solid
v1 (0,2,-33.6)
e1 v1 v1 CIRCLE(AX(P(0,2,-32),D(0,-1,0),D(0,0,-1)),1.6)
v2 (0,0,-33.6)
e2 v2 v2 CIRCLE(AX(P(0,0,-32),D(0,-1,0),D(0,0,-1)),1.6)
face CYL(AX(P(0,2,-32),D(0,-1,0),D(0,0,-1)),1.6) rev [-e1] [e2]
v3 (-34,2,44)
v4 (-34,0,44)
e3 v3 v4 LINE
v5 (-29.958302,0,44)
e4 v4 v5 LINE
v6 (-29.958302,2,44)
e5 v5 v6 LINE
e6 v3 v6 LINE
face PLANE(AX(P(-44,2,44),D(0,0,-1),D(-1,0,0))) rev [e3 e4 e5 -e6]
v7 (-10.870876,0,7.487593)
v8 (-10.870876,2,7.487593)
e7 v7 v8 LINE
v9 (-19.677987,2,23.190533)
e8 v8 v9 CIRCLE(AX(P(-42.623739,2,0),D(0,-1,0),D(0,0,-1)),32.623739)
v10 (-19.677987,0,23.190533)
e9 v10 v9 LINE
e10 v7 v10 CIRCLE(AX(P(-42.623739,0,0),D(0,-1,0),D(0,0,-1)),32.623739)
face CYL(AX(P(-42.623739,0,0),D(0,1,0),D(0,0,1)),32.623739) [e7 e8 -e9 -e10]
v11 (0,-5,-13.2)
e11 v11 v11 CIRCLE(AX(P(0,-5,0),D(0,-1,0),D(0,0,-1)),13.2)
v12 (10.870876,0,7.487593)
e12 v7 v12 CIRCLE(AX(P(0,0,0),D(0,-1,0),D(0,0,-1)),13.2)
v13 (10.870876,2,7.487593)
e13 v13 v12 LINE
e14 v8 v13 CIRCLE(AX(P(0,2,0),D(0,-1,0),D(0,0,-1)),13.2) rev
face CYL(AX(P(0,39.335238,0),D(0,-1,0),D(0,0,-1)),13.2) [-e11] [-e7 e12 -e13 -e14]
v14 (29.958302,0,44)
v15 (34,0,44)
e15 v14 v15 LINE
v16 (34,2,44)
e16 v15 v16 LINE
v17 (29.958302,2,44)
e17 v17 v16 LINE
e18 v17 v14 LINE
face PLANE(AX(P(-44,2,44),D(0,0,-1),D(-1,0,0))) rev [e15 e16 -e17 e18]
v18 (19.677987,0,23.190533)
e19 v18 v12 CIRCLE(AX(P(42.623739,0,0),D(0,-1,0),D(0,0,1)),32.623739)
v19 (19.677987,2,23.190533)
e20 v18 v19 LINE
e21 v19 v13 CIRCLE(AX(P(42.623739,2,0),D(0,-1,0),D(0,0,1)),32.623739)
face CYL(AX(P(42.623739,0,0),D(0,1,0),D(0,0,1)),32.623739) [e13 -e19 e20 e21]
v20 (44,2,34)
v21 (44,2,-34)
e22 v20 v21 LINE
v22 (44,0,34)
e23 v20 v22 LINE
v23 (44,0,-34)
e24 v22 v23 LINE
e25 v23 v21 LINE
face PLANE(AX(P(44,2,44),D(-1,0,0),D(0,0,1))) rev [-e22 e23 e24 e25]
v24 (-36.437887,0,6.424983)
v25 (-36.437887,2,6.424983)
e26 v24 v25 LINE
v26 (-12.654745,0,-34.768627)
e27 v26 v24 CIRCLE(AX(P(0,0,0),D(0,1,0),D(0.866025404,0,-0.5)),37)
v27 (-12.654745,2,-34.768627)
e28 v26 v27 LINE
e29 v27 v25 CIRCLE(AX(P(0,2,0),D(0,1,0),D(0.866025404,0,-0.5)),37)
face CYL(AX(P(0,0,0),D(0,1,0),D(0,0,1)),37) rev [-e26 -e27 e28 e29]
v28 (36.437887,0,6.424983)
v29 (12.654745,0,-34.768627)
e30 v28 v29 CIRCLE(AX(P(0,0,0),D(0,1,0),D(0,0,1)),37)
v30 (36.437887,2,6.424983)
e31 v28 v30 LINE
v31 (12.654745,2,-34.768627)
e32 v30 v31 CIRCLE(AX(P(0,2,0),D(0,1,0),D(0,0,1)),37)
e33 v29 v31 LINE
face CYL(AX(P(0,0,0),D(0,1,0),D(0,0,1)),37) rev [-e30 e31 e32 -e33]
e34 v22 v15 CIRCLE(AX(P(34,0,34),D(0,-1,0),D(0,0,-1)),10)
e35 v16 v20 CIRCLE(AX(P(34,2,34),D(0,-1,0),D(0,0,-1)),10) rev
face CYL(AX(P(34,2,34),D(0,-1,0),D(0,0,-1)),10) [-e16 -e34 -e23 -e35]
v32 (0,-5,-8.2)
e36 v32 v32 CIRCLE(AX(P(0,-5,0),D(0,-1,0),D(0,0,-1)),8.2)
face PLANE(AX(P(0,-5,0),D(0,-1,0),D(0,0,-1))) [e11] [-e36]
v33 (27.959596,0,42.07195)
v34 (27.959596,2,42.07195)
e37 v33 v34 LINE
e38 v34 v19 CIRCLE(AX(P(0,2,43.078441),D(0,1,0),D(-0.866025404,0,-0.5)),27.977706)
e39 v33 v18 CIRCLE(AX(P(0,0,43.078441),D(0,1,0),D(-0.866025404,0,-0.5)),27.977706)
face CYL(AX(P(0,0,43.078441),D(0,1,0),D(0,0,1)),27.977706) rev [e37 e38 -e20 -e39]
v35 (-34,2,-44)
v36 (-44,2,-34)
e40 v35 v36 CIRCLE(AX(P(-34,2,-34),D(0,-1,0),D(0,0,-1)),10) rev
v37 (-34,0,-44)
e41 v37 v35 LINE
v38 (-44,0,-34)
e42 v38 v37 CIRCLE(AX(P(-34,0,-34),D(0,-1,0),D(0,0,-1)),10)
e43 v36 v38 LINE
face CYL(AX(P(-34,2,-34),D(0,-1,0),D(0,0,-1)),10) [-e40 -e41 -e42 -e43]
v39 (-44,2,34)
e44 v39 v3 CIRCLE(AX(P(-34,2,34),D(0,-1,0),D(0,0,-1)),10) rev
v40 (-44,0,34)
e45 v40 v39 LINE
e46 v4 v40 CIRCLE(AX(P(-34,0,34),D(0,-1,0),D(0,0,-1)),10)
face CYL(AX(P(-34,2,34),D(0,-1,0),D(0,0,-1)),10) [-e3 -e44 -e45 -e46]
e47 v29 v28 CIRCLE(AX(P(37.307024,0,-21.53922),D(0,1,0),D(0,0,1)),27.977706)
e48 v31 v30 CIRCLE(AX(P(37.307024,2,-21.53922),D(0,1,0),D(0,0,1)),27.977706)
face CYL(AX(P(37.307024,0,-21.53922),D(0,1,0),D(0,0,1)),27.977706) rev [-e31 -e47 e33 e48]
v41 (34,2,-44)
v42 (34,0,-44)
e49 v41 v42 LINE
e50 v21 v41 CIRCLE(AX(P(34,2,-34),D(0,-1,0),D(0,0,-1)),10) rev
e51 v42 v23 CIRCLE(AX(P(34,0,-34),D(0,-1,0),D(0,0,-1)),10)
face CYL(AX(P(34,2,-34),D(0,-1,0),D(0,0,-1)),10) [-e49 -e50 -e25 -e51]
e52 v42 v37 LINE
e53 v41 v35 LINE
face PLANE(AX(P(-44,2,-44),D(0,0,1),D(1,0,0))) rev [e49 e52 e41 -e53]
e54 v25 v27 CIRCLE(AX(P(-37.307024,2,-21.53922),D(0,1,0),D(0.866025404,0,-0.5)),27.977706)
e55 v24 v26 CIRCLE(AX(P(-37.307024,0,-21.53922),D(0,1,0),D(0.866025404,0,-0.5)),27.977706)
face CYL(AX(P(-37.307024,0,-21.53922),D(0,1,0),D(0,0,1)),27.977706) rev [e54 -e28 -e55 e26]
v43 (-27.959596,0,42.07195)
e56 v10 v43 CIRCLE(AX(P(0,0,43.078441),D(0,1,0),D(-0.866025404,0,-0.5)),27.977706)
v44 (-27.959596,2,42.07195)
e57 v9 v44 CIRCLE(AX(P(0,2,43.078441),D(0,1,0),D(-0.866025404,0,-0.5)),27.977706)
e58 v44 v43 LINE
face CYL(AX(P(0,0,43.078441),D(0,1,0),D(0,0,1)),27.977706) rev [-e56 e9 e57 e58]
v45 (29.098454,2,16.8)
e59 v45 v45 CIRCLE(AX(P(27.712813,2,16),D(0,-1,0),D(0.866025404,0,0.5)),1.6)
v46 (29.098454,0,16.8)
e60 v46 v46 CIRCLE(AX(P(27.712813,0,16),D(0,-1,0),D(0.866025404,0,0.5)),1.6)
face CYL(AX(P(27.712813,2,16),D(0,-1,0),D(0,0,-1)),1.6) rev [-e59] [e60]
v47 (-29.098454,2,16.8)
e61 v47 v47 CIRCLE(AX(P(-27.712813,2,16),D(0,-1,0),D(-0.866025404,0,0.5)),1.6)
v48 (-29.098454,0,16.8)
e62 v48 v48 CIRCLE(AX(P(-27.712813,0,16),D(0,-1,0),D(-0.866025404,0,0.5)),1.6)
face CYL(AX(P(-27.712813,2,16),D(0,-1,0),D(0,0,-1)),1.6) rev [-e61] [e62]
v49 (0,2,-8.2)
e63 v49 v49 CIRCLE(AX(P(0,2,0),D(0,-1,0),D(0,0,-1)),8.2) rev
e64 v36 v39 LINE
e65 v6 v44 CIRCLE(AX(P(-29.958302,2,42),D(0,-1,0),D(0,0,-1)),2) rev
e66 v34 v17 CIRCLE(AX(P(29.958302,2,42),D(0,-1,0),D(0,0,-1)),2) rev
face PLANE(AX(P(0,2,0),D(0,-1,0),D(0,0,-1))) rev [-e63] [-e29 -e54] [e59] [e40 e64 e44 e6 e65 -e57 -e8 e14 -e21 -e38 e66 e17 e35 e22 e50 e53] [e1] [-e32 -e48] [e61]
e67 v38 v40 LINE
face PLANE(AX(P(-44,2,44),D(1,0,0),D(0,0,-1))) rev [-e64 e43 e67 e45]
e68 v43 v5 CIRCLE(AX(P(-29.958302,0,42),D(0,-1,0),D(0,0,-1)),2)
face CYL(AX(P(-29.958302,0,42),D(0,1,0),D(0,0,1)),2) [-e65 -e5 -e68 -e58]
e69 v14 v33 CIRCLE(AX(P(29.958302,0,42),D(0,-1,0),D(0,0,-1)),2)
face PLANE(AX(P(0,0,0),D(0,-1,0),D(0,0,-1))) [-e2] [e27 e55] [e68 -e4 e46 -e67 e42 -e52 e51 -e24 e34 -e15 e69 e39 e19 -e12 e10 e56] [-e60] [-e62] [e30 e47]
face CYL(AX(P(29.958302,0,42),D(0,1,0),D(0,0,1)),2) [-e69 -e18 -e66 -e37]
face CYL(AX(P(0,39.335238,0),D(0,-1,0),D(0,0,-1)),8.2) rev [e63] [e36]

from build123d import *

# Parameters (mm, degrees)
SKETCH1_W                = 88
SKETCH1_H                = 88
BOSS_EXTRUDE1_DEPTH      = 2
FILLET1_R                = 10
SKETCH3_R                = 37
CUT_EXTRUDE2_DEPTH       = 3
SKETCH5_R                = 40.5
SKETCH5_R_2              = 10
BOSS_EXTRUDE2_DEPTH      = 2
CUT_EXTRUDE3_DEPTH       = 3
CIRPATTERN1_COUNT        = 3
SKETCH17_R               = 27.977706125
CUT_EXTRUDE4_DEPTH       = 3
CUT_EXTRUDE5_DEPTH       = 3
FILLET2_R                = 2
SKETCH19_R               = 13.2
SKETCH19_R_2             = 8.2
BOSS_EXTRUDE3_DEPTH      = 5
BOSS_EXTRUDE3_DEPTH_BACK = 2
SKETCH20_R               = 1.6
CUT_EXTRUDE6_DEPTH       = 3
CIRPATTERN2_COUNT        = 3


with BuildPart() as part:
    # Sketch1 → Boss-Extrude1 (new body)
    with BuildSketch(Plane(origin=(0, 0, 0), x_dir=(1, 0, 0), z_dir=(0, 1, 0))):
        Rectangle(SKETCH1_W, SKETCH1_H)
    extrude(amount=BOSS_EXTRUDE1_DEPTH)

    # Fillet1
    fillet1_edges = [part.edges().sort_by_distance(p)[0] for p in [
        (44, 1, 44),
        (-44, 1, 44),
        (-44, 1, -44),
        (44, 1, -44),
    ]]
    fillet(fillet1_edges, radius=FILLET1_R)

    # Sketch3 → Cut-Extrude2 (cut, through all)
    with BuildSketch(Plane(origin=(0, 2, 0), x_dir=(1, 0, 0), z_dir=(0, 1, 0))):
        Circle(SKETCH3_R)
    extrude(amount=-CUT_EXTRUDE2_DEPTH, mode=Mode.SUBTRACT)

    # Sketch5 → Boss-Extrude2 (add)
    with BuildSketch(Plane(origin=(0, 0, 0), x_dir=(1, 0, 0), z_dir=(0, 1, 0))):
        Circle(SKETCH5_R)
        Circle(SKETCH5_R_2, mode=Mode.SUBTRACT)
    extrude(amount=BOSS_EXTRUDE2_DEPTH)

    # Sketch16 → Cut-Extrude3 (cut, through all)
    with BuildSketch(Plane(origin=(0, 2, 0), x_dir=(1, 0, 0), z_dir=(0, 1, 0))):
        with BuildLine():
            ThreePointArc((12.654745303, 34.768626969), (13.077619626, 7.550367211), (36.437886861, -6.424982574))
            ThreePointArc((36.437886861, -6.424982574), (32.04293994, 18.5), (12.654745303, 34.768626969))
        make_face()
    cut_extrude3 = extrude(amount=-CUT_EXTRUDE3_DEPTH, mode=Mode.SUBTRACT)

    # CirPattern1: Cut-Extrude3 ×3 about axis
    cirpattern1_axis = Axis((0, 0, 0), (0, 1, 0))
    for i in range(1, CIRPATTERN1_COUNT):
        add(cut_extrude3.rotate(cirpattern1_axis, i * 360 / CIRPATTERN1_COUNT), mode=Mode.SUBTRACT)

    # Sketch17 → Cut-Extrude4 (cut, through all)
    with BuildSketch(Plane(origin=(0, 2, 0), x_dir=(1, 0, 0), z_dir=(0, 1, 0))):
        with Locations((0, -43.078440548)):
            Circle(SKETCH17_R)
    extrude(amount=-CUT_EXTRUDE4_DEPTH, mode=Mode.SUBTRACT)

    # Sketch18 → Cut-Extrude5 (cut, through all)
    with BuildSketch(Plane(origin=(0, 2, 0), x_dir=(1, 0, 0), z_dir=(0, 1, 0))):
        with BuildLine():
            ThreePointArc((-10, 0), (-12.516559025, -12.564476209), (-19.677986964, -23.190532939))
            ThreePointArc((-19.677986964, -23.190532939), (0, -15.100734422), (19.677986964, -23.190532939))
            ThreePointArc((19.677986964, -23.190532939), (12.516559025, -12.564476209), (10, 0))
            ThreePointArc((10, 0), (0, -10), (-10, 0))
        make_face()
    extrude(amount=-CUT_EXTRUDE5_DEPTH, mode=Mode.SUBTRACT)

    # Fillet2
    fillet2_edges = [part.edges().sort_by_distance(p)[0] for p in [
        (-27.962524354, 1, 44),
        (27.962524354, 1, 44),
    ]]
    fillet(fillet2_edges, radius=FILLET2_R)

    # Sketch19 → Boss-Extrude3 (add, two sides)
    with BuildSketch(Plane.XZ) as boss_extrude3_sk:
        Circle(SKETCH19_R)
        Circle(SKETCH19_R_2, mode=Mode.SUBTRACT)
    extrude(amount=BOSS_EXTRUDE3_DEPTH)
    extrude(boss_extrude3_sk.sketch, amount=-BOSS_EXTRUDE3_DEPTH_BACK)

    # Sketch20 → Cut-Extrude6 (cut, through all)
    with BuildSketch(Plane.XZ):
        with Locations((0, -32)):
            Circle(SKETCH20_R)
    cut_extrude6 = extrude(amount=-CUT_EXTRUDE6_DEPTH, mode=Mode.SUBTRACT)

    # CirPattern2: Cut-Extrude6 ×3 about axis
    cirpattern2_axis = Axis((0, 0, 0), (0, 1, 0))
    for i in range(1, CIRPATTERN2_COUNT):
        add(cut_extrude6.rotate(cirpattern2_axis, i * 360 / CIRPATTERN2_COUNT), mode=Mode.SUBTRACT)


solid = part.part
